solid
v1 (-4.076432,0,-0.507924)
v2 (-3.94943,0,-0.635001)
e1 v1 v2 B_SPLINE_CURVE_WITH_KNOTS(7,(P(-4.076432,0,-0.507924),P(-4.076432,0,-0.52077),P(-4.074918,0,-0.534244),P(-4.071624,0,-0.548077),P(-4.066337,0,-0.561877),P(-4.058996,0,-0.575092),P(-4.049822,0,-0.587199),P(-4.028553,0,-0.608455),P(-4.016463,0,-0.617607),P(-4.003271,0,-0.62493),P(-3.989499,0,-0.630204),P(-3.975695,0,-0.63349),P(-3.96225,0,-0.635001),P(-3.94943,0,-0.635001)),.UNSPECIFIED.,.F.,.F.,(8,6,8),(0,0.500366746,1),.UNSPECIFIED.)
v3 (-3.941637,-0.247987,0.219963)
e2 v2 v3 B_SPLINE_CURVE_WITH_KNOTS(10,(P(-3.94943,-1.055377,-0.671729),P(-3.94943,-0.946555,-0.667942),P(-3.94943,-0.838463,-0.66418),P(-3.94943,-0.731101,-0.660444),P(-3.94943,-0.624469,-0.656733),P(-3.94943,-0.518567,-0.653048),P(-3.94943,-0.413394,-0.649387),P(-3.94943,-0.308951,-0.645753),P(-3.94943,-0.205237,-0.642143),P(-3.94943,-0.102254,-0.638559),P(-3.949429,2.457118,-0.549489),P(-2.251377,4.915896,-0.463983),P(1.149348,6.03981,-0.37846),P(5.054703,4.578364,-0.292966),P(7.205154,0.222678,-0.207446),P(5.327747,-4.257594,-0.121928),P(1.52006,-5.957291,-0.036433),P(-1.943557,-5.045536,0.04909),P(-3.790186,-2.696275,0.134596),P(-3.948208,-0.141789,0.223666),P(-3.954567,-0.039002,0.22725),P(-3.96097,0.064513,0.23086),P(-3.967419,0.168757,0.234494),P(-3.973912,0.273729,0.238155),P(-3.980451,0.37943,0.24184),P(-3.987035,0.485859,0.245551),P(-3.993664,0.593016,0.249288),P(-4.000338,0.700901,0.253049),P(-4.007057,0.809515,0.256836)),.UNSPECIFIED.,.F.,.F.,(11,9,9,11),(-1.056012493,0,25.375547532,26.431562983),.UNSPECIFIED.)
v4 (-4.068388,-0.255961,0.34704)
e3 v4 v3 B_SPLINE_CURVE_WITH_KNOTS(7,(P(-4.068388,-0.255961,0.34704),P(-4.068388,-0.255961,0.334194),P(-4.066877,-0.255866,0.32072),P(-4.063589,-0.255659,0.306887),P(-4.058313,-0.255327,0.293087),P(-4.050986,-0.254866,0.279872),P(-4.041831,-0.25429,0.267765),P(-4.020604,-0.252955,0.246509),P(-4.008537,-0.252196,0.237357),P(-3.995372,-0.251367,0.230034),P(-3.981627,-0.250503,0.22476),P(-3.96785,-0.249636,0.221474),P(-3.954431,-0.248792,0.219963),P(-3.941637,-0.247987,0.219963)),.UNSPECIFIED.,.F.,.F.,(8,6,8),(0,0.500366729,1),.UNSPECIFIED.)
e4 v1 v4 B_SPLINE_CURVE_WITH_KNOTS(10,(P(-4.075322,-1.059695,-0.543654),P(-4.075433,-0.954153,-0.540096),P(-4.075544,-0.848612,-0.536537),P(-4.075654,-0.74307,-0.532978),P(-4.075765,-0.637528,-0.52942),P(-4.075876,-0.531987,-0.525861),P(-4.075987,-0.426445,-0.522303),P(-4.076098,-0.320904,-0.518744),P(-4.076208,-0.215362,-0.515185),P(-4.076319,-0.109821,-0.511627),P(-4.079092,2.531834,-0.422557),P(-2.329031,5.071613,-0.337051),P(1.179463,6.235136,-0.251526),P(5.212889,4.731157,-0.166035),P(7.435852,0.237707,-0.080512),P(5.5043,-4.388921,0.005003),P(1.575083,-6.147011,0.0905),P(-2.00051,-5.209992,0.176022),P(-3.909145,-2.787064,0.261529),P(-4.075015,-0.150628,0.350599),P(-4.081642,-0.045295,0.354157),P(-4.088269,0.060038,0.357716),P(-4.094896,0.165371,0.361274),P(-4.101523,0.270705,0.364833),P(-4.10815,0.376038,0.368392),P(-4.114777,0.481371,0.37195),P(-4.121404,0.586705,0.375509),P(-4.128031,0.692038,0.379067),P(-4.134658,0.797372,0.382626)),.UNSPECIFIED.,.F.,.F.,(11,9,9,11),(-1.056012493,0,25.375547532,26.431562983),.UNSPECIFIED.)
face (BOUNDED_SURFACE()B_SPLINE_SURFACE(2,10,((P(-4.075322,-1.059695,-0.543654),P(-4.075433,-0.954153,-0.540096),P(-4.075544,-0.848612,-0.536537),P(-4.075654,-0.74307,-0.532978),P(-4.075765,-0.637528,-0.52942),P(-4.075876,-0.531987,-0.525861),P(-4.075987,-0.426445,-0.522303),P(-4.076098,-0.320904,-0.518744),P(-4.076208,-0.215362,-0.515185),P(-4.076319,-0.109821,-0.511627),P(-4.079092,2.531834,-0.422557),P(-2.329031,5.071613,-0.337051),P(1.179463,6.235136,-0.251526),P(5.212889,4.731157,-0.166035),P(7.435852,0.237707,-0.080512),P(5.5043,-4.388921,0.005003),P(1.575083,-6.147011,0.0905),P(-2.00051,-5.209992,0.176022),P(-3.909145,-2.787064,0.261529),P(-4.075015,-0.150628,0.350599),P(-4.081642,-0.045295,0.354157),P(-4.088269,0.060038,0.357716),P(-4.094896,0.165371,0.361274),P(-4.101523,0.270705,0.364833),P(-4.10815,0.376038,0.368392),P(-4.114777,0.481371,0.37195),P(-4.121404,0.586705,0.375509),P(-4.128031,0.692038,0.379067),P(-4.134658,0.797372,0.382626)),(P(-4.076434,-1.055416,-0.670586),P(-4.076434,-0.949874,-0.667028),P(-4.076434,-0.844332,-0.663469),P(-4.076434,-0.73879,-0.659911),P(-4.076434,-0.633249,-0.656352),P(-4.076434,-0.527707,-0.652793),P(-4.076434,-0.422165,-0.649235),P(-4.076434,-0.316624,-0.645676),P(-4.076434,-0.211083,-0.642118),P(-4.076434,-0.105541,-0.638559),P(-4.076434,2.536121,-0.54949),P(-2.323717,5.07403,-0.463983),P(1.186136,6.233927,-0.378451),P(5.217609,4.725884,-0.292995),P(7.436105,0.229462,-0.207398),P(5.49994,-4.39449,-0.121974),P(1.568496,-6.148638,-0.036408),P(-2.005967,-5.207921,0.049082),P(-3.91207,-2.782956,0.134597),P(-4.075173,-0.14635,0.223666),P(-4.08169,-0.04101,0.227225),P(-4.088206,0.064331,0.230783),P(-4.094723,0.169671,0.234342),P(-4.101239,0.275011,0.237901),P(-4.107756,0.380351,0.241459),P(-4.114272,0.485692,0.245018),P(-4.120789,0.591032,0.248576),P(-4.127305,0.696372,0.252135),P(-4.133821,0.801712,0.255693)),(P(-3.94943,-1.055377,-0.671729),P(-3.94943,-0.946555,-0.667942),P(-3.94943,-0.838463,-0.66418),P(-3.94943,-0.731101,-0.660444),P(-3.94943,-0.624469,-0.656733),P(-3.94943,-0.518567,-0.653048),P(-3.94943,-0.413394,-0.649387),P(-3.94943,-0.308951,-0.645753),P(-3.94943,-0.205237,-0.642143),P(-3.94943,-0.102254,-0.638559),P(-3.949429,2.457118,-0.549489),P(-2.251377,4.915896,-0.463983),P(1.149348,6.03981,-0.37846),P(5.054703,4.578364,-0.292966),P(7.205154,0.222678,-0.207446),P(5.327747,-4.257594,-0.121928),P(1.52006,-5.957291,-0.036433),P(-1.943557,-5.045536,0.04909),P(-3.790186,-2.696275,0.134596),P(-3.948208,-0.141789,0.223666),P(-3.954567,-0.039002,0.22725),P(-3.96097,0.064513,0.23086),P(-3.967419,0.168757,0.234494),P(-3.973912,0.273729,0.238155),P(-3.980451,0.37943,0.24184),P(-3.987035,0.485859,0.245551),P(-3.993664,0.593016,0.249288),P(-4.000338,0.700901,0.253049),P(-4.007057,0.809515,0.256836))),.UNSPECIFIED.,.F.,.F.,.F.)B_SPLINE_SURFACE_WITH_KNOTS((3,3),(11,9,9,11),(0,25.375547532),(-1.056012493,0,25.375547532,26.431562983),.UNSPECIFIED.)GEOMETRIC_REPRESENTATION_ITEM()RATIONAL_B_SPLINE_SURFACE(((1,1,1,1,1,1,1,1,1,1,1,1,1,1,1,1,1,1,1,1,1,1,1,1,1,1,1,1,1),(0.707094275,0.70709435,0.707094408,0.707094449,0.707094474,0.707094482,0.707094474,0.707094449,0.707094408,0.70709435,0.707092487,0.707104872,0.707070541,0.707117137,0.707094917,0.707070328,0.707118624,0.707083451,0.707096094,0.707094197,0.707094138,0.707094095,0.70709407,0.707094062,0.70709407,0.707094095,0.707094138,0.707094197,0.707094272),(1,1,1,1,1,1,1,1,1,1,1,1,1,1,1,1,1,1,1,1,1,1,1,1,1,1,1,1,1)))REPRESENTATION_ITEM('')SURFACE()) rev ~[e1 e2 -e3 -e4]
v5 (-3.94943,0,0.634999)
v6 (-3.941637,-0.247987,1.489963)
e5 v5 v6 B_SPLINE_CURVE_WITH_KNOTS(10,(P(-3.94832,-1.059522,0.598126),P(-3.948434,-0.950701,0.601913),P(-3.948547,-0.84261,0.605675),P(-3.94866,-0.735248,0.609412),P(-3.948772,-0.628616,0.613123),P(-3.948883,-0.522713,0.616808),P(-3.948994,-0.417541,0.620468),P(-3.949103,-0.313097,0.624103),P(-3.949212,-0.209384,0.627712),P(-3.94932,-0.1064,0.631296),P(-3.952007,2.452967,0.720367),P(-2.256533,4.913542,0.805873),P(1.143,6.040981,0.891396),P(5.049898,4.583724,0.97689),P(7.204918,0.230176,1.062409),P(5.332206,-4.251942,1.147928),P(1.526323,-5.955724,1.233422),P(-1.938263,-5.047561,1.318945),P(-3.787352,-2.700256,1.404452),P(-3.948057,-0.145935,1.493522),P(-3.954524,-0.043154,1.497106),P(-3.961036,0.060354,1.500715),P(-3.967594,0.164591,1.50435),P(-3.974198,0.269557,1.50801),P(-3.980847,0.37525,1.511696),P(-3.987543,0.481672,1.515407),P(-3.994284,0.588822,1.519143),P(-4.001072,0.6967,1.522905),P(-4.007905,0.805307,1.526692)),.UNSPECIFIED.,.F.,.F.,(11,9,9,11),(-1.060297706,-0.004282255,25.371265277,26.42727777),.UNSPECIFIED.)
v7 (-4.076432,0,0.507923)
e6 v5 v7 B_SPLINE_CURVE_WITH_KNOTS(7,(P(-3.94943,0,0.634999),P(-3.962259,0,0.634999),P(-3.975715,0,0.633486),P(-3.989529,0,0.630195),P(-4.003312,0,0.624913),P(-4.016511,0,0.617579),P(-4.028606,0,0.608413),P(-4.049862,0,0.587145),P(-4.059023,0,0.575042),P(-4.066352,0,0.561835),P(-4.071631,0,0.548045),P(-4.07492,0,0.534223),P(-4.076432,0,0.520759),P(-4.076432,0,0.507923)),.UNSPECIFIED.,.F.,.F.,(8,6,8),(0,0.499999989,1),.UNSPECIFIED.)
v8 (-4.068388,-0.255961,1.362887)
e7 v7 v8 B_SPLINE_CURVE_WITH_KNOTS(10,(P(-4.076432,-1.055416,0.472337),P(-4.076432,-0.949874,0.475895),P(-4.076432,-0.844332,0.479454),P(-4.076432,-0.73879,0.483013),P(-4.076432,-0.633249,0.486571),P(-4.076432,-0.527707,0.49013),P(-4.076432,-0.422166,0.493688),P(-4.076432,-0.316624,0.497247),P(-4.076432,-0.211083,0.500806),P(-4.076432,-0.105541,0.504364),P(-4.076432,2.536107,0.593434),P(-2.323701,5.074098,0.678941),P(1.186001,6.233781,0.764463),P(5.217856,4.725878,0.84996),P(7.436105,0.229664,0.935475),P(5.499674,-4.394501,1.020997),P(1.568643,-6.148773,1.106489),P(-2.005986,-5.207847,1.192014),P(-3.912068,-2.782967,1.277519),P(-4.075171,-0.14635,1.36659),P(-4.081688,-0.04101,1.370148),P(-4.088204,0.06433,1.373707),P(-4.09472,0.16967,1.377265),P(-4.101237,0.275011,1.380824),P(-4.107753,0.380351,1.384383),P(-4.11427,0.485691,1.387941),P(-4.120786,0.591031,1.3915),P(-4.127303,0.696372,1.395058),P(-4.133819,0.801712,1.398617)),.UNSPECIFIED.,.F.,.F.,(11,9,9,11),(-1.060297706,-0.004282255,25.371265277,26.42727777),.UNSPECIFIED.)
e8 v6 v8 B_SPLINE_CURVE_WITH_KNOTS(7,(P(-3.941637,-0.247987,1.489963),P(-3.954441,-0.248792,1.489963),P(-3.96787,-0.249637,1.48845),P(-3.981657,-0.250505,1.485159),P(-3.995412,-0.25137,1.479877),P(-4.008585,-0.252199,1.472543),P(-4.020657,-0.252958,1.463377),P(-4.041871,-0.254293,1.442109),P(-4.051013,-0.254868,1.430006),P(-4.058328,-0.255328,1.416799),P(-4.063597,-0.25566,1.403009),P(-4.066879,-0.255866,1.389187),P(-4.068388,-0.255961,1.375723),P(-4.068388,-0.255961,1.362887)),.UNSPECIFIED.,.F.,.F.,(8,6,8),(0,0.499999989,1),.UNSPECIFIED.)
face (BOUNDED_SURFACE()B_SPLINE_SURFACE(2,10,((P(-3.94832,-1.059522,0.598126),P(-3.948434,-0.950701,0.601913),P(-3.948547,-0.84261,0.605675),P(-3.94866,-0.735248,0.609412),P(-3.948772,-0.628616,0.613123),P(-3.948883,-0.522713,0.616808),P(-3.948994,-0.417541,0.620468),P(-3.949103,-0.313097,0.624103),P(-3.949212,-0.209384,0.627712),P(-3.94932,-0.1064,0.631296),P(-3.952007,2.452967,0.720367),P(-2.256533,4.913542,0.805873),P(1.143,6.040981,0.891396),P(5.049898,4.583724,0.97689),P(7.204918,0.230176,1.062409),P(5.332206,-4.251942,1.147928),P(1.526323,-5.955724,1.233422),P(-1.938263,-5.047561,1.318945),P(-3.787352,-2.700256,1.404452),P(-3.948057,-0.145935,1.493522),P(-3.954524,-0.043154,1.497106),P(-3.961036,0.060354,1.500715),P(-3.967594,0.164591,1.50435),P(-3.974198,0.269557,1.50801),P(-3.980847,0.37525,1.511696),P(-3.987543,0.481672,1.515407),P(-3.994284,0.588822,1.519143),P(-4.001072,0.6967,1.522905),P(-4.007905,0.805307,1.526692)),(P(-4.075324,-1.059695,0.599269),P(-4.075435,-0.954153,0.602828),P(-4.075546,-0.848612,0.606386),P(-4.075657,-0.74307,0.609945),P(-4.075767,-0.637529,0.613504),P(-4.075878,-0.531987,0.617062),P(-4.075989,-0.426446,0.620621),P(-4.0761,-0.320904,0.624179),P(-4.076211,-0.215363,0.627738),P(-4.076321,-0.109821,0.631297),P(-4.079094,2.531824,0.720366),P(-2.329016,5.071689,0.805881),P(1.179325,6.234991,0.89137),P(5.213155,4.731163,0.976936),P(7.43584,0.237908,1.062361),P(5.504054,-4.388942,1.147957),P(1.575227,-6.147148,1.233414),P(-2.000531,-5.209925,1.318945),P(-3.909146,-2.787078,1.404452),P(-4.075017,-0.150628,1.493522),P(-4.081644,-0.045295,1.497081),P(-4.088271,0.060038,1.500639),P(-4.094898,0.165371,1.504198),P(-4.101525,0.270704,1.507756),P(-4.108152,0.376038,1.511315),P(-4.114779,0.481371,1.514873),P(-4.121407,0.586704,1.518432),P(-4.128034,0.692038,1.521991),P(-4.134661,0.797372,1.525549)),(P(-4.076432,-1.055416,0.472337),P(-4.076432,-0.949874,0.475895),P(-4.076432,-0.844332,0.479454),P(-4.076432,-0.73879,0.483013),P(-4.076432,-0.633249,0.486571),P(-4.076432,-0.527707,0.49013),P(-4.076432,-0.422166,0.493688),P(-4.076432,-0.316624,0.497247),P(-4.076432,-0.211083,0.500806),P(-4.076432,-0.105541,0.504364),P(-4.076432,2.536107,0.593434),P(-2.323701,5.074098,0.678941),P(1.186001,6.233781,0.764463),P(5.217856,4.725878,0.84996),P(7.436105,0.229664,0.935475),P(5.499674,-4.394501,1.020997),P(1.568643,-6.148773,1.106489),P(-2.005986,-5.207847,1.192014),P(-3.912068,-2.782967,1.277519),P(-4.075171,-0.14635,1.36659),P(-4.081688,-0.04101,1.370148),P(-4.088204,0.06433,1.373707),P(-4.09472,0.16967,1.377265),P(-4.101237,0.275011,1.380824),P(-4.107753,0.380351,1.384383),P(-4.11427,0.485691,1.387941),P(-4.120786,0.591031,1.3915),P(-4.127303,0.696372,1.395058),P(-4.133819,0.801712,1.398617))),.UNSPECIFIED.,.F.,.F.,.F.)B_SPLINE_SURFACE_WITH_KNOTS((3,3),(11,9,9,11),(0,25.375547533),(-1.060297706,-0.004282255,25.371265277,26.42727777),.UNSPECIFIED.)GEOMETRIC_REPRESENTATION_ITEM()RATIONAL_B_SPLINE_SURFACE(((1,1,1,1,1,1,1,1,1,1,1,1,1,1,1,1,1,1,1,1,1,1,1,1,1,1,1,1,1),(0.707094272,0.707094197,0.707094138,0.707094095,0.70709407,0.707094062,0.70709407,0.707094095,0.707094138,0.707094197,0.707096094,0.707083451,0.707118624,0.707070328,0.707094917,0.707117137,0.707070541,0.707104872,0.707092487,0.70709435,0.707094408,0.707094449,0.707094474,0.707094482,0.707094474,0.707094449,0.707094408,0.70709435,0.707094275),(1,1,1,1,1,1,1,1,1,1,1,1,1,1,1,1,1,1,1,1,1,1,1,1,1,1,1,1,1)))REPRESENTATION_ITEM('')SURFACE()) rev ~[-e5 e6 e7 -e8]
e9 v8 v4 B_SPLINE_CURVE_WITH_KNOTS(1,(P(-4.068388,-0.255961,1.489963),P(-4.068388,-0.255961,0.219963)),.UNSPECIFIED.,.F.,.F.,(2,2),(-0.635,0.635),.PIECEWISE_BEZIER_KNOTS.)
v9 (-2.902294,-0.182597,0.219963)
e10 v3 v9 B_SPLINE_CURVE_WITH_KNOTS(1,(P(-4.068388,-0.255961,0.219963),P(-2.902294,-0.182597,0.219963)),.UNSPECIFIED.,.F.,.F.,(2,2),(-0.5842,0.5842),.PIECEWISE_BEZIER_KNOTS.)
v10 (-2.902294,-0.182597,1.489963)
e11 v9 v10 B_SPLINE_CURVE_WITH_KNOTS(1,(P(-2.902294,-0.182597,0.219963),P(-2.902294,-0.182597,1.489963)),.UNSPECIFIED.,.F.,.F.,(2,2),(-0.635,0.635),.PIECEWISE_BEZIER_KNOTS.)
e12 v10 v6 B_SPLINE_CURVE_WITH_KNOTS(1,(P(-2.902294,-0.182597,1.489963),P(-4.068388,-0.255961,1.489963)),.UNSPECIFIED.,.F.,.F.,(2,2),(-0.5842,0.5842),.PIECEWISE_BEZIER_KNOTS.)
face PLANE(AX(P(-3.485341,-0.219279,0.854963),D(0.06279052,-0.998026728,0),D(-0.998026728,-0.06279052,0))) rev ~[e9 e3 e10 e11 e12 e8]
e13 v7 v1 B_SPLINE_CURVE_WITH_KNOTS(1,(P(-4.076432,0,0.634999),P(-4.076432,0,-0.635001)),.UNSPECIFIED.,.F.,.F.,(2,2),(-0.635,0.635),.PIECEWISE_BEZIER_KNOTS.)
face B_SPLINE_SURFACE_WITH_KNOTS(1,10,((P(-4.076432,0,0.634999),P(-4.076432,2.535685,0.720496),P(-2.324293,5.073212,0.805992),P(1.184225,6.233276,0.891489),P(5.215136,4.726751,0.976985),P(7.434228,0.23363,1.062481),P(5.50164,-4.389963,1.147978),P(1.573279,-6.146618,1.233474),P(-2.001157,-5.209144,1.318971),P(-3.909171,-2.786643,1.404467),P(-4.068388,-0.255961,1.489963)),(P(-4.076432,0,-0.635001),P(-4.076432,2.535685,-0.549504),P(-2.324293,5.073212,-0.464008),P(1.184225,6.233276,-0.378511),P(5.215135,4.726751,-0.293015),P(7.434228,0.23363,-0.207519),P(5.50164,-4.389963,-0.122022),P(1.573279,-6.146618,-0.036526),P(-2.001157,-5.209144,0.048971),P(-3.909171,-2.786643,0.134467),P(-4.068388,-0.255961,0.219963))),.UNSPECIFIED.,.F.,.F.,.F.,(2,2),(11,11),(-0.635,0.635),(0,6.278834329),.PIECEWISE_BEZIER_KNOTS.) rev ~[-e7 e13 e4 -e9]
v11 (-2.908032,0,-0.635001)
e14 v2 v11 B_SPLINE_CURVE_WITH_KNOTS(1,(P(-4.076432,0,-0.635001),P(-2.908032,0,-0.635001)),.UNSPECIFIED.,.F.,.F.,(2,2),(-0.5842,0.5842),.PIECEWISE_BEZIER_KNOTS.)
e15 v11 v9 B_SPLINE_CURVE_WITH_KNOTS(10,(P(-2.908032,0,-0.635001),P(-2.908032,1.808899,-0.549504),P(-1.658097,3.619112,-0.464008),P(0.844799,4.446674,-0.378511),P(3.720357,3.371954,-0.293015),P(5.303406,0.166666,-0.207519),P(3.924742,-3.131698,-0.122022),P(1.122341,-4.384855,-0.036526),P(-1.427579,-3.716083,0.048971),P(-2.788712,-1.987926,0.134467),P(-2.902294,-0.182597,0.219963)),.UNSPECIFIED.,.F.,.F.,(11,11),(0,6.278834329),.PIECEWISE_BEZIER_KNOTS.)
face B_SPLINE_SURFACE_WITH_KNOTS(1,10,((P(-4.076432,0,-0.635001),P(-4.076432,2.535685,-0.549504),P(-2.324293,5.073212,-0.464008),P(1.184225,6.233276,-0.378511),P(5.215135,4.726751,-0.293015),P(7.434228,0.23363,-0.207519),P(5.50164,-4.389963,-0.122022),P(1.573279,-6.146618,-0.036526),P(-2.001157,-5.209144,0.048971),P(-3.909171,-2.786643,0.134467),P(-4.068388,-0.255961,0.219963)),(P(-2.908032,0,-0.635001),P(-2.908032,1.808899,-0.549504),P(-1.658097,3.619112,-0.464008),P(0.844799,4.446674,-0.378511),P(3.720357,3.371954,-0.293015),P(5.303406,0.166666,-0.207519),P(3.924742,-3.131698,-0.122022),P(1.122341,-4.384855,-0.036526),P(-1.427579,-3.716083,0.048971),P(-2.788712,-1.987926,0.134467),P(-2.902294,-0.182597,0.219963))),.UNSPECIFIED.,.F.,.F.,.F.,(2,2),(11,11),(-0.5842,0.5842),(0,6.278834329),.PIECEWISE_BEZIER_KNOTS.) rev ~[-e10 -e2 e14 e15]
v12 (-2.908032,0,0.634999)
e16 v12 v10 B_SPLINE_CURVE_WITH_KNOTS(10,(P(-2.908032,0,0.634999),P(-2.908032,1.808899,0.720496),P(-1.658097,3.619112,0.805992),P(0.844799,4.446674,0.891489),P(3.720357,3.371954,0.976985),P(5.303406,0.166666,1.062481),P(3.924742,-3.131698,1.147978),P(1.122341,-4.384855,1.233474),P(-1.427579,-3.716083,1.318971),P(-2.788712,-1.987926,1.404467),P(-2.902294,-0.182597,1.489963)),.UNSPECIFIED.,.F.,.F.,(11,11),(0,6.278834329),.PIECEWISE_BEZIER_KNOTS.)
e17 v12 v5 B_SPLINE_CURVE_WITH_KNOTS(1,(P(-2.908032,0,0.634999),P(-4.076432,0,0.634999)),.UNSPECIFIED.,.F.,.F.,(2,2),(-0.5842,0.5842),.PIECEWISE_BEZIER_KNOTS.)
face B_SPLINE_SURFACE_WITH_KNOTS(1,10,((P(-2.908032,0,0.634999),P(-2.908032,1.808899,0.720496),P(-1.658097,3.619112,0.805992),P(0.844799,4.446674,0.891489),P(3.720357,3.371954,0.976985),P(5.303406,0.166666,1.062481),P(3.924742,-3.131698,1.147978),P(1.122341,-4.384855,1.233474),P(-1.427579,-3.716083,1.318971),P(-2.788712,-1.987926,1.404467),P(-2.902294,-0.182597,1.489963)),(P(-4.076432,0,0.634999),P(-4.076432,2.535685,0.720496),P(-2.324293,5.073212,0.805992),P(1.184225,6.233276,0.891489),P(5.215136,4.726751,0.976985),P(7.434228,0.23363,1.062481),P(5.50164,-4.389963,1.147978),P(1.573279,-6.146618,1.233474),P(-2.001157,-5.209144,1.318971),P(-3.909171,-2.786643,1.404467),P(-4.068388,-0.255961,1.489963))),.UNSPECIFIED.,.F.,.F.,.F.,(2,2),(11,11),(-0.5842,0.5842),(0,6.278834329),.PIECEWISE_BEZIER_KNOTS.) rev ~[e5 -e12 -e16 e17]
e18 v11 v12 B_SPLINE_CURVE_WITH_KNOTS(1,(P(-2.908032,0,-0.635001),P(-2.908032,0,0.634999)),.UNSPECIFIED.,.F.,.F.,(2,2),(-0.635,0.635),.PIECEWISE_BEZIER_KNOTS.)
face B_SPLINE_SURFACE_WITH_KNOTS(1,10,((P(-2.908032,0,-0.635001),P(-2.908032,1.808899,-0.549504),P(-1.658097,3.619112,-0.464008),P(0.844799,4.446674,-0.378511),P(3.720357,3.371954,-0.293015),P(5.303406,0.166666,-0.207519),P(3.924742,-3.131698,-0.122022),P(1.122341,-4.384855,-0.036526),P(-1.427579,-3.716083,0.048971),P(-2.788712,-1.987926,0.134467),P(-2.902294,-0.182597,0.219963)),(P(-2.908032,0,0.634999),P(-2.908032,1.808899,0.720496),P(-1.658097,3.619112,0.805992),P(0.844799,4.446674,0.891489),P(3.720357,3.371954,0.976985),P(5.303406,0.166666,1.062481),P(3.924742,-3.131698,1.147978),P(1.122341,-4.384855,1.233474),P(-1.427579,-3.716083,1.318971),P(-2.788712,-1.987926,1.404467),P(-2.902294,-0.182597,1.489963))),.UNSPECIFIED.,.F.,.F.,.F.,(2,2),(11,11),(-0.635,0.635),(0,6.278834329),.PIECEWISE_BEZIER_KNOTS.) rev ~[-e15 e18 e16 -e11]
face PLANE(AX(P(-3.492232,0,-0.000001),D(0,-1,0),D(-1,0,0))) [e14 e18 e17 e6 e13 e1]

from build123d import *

# Parameters (mm, degrees)
SWEEP3_PITCH       = 0.8636
SWEEP3_HEIGHT      = 0.854964
SWEEP3_RADIUS      = 3.4925
SWEEP3_START_ANGLE = -180
SKETCH2_W          = 1.1684
SKETCH2_H          = 1.27
FILLET1_R          = 0.127


with BuildPart() as part:
    # Sweep3: sweep along a helix
    with BuildLine() as sweep3_path:
        add(Helix(SWEEP3_PITCH, SWEEP3_HEIGHT, SWEEP3_RADIUS, center=(0, 0, 0), direction=(0, 0, 1), lefthand=True, mode=Mode.PRIVATE).rotate(Axis((0, 0, 0), (0, 0, 1)), SWEEP3_START_ANGLE))
    # Sketch2 → Sweep3 (sweep)
    with BuildSketch(Plane(origin=(0, 0, 0), x_dir=(1, 0, 0), z_dir=(0, 1, 0))):
        with Locations((3.492232136, -0.431799383)):
            Rectangle(SKETCH2_W, SKETCH2_H)
    sweep(path=sweep3_path.line, is_frenet=True)

    # Fillet1
    fillet1_edges = [part.edges().sort_by_distance(p)[0] for p in [
        (4.07441676, 0.128043705, -0.207518617),
        (4.07441676, 0.128043705, 1.062481383),
    ]]
    fillet(fillet1_edges, radius=FILLET1_R)


solid = part.part
